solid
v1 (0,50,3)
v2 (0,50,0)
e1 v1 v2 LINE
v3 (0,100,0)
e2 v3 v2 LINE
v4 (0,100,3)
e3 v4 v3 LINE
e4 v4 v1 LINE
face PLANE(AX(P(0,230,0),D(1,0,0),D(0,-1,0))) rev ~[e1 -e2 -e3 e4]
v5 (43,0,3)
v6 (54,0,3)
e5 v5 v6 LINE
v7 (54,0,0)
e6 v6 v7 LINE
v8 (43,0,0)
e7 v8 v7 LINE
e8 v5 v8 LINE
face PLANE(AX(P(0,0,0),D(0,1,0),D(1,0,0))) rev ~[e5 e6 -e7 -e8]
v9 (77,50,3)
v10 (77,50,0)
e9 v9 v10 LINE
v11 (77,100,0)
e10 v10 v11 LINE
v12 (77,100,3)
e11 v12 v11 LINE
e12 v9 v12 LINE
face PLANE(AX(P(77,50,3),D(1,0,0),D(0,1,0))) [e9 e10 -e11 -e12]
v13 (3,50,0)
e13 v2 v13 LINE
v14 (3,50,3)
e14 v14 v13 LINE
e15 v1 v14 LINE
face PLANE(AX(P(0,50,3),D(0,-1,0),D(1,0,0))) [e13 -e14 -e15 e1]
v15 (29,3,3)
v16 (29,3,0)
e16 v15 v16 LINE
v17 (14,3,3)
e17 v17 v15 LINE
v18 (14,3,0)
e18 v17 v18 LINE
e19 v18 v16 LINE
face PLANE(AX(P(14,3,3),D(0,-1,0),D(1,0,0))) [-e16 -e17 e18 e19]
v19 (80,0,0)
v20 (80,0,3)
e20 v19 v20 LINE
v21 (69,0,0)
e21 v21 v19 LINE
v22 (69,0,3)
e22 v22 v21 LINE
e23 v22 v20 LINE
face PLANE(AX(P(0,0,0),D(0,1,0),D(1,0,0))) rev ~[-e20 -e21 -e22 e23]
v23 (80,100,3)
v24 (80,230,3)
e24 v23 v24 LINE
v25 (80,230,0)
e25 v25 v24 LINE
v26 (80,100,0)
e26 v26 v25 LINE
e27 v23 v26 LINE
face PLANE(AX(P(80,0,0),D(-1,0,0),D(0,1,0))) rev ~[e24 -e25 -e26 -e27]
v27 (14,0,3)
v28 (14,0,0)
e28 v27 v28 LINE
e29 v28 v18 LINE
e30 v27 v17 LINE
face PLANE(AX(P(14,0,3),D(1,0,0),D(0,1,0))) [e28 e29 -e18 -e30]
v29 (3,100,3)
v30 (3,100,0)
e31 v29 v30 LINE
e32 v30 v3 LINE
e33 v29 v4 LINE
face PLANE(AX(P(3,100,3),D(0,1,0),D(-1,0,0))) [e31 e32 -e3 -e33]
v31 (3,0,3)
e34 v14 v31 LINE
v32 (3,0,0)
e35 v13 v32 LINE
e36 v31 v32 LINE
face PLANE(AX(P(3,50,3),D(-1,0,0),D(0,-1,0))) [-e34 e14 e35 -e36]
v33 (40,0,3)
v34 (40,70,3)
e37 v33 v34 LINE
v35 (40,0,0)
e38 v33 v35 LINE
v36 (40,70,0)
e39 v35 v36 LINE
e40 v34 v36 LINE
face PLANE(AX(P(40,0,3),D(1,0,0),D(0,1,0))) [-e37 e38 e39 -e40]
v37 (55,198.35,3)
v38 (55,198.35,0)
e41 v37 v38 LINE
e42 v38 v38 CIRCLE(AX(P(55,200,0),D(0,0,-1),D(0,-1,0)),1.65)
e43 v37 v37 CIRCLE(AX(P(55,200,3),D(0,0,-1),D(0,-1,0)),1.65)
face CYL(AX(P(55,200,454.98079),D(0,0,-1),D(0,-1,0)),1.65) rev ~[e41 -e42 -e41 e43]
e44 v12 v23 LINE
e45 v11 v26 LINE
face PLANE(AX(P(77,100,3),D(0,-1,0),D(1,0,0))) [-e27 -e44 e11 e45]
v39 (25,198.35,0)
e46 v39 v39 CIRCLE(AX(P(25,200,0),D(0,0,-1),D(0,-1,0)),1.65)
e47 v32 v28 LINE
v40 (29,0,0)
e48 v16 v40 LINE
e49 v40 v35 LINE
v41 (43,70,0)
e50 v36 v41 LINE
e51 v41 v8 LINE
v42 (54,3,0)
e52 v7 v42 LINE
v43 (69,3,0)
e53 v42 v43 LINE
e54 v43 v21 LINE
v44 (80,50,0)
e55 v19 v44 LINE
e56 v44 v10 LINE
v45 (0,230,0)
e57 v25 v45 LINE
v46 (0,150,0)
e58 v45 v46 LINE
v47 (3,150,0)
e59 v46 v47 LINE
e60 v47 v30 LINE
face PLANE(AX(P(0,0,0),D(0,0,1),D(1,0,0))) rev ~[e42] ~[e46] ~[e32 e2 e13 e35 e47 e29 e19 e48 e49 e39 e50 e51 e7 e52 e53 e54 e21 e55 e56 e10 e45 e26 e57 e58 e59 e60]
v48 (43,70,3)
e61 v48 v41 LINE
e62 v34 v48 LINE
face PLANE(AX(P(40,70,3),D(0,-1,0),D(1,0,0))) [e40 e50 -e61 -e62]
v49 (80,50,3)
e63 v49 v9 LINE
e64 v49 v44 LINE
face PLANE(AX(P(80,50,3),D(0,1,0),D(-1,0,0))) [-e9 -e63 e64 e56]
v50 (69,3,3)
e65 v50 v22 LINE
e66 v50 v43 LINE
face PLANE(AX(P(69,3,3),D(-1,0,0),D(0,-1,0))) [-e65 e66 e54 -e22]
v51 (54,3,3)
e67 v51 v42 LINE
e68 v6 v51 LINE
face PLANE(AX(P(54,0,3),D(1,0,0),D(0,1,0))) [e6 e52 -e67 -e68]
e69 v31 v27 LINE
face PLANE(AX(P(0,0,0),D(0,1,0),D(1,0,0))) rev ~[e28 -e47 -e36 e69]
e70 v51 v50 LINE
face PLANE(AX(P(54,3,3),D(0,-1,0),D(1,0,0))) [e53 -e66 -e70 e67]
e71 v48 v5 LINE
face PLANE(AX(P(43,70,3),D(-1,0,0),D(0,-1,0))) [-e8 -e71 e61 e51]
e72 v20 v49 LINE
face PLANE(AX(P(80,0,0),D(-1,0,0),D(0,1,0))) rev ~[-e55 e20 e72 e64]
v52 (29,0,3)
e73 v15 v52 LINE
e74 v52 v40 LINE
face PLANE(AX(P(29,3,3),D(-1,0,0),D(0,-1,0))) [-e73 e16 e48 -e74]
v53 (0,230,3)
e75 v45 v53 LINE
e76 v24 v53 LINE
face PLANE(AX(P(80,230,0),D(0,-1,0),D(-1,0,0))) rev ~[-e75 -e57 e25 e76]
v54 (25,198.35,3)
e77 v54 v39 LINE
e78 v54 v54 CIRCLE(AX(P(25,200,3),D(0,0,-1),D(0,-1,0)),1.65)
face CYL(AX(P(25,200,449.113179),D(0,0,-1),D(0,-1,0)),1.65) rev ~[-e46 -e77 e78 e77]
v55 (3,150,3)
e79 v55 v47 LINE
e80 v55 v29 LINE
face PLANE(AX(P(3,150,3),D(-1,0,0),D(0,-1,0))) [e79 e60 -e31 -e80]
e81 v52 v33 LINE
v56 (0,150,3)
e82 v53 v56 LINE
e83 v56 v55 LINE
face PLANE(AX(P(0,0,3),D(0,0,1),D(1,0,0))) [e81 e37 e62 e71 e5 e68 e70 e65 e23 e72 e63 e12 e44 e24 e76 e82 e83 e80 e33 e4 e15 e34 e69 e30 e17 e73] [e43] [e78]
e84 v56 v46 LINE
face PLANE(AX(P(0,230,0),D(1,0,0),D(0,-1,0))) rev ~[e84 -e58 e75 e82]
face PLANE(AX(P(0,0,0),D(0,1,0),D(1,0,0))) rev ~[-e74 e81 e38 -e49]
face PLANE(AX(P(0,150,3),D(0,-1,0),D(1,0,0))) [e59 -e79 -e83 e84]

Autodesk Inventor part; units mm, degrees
ref_plane "YZ Plane" through (0, 0, 0) normal (1, 0, 0) x (0, 1, 0)
ref_plane "XZ Plane" through (0, 0, 0) normal (0, 1, 0) x (-1, 0, 0)
ref_plane "XY Plane" through (0, 0, 0) normal (0, 0, 1) x (1, 0, 0)
sketch "Boceto1" plane through (0, 0, 0) normal (0, 0, 1) x (1, 0, 0)
  line L0 (0, 0) -> (80, 0)
  line L1 (80, 0) -> (80, 230)
  line L2 (80, 230) -> (0, 230)
  line L3 (0, 230) -> (0, 0)
  dimension "d0" = 80
  dimension "d1" = 230
extrude "Extrusión1" add sketch "Boceto1" along normal blind 3
sketch "Boceto2" plane through (0, 0, 3) normal (0, 0, 1) x (1, 0, 0)
  line L0 (0, 0) -> (80, 0) construction
  line L1 (80, 0) -> (80, 230) construction
  line L2 (80, 230) -> (0, 230) construction
  line L3 (0, 230) -> (0, 0) construction
  line L4 (3, 0) -> (0, 0)
  line L5 (0, 0) -> (0, 50)
  line L6 (0, 50) -> (3, 50)
  line L7 (3, 50) -> (3, 0)
  line L8 (0, 230) -> (17.5445, 230)
  line L9 (77, 100) -> (80, 100)
  line L10 (80, 100) -> (80, 50)
  line L11 (80, 50) -> (77, 50)
  line L12 (77, 50) -> (77, 100)
  line L13 (80, 0) -> (80, 230) construction
  line L14 (0, 150) -> (3, 150)
  line L15 (3, 150) -> (3, 100)
  line L16 (3, 100) -> (0, 100)
  line L17 (0, 100) -> (0, 150)
  line L18 (0, 230) -> (0, 0) construction
  point P0 (80, 115)
  dimension "d4" = 3
  dimension "d5" = 50
  dimension "d8" = 50
  dimension "d9" = 3
  dimension "d16" = 50
  dimension "d17" = 3
  dimension "d18" = 50
  dimension "d19" = 50
extrude "Extrusión2" cut sketch "Boceto2" against normal blind 3
sketch "Boceto3" plane through (0, 0, 3) normal (0, 0, 1) x (1, 0, 0)
  line L0 (3, 50) -> (3, 0) construction
  line L1 (3, 0) -> (80, 0) construction
  line L2 (80, 0) -> (80, 50) construction
  line L3 (80, 50) -> (77, 50) construction
  line L4 (77, 50) -> (77, 100) construction
  line L5 (77, 100) -> (80, 100) construction
  line L6 (80, 100) -> (80, 230) construction
  line L7 (80, 230) -> (0, 230) construction
  line L8 (0, 230) -> (0, 150) construction
  line L9 (0, 50) -> (3, 50) construction
  line L10 (40, 70) -> (43, 70)
  line L11 (43, 70) -> (43, 0)
  line L12 (43, 0) -> (40, 0)
  line L13 (40, 0) -> (40, 70)
  line L14 (3, 0) -> (80, 0) construction
  line L15 (0, 150) -> (3, 150) projected
  line L16 (3, 150) -> (3, 100) projected
  line L17 (3, 100) -> (0, 100) projected
  line L18 (0, 100) -> (0, 50) projected
  point P0 (0, 0)
  point P1 (41.5, 0)
  point P2 (41.5, 0)
  dimension "d12" = 3
  dimension "d13" = 70
extrude "Extrusión3" cut sketch "Boceto3" against normal blind 10
sketch "Boceto4" plane through (0, 0, 3) normal (0, 0, 1) x (1, 0, 0)
  line L0 (43, 70) -> (43, 0) construction
  line L1 (43, 0) -> (80, 0) construction
  line L2 (80, 0) -> (80, 50) construction
  line L3 (80, 50) -> (77, 50) construction
  line L4 (77, 50) -> (77, 100) construction
  line L5 (77, 100) -> (80, 100) construction
  line L6 (80, 100) -> (80, 230) construction
  line L7 (80, 230) -> (0, 230) construction
  line L8 (0, 230) -> (0, 150) construction
  line L9 (0, 150) -> (3, 150) construction
  line L10 (3, 150) -> (3, 100) construction
  line L11 (3, 100) -> (0, 100) construction
  line L12 (0, 100) -> (0, 50) construction
  line L13 (0, 50) -> (3, 50) construction
  line L14 (3, 50) -> (3, 0) construction
  line L15 (3, 0) -> (40, 0) construction
  line L16 (40, 0) -> (40, 70) construction
  line L17 (40, 70) -> (43, 70) construction
  point P0 (0, 0)
  point P1 (25, 200)
  point P2 (55, 200)
  dimension "d20" = 30
  dimension "d21" = 30
  dimension "d23" = 25
  dimension "d24" = 30
hole "Agujero1" at (25, 200, 3) at (55, 200, 3) direction (0, 0, -1) diameter 3.3 end through all both
sketch "Boceto5" plane through (0, 0, 3) normal (0, 0, 1) x (1, 0, 0)
  circle A0 centre (25, 200) radius 1.65 construction
  circle A1 centre (55, 200) radius 1.65 construction
  line L0 (43, 70) -> (43, 0) construction
  line L1 (43, 0) -> (80, 0) construction
  line L2 (80, 0) -> (80, 50) construction
  line L3 (80, 50) -> (77, 50) construction
  line L4 (77, 50) -> (77, 100) construction
  line L5 (77, 100) -> (80, 100) construction
  line L6 (80, 100) -> (80, 230) construction
  line L7 (80, 230) -> (0, 230) construction
  line L8 (0, 230) -> (0, 150) construction
  line L9 (0, 150) -> (3, 150) construction
  line L10 (3, 150) -> (3, 100) construction
  line L11 (3, 100) -> (0, 100) construction
  line L12 (0, 100) -> (0, 50) construction
  line L13 (0, 50) -> (3, 50) construction
  line L14 (3, 50) -> (3, 0) construction
  line L15 (3, 0) -> (40, 0) construction
  line L16 (40, 0) -> (40, 70) construction
  line L17 (40, 70) -> (43, 70) construction
  line L18 (14, 3) -> (29, 3)
  line L19 (29, 3) -> (29, 0)
  line L20 (29, 0) -> (14, 0)
  line L21 (14, 0) -> (14, 3)
  line L22 (54, 3) -> (69, 3)
  line L23 (69, 3) -> (69, 0)
  line L24 (69, 0) -> (54, 0)
  line L25 (54, 0) -> (54, 3)
  line L26 (3, 0) -> (40, 0) construction
  line L27 (43, 0) -> (80, 0) construction
  point P0 (0, 0)
  point P1 (21.5, 0)
  point P2 (21.5, 0)
  point P3 (61.5, 0)
  point P4 (61.5, 0)
  dimension "d32" = 3
  dimension "d33" = 3
  dimension "d35" = 15
  dimension "d36" = 15
extrude "Extrusión4" cut sketch "Boceto5" against normal blind 10
equation "\"d8\" = d7"
equation "\"d9\" = d4"
equation "\"d21\" = d20"
equation "\"d7\" = d5"
properties part number "Pared Garita3"
